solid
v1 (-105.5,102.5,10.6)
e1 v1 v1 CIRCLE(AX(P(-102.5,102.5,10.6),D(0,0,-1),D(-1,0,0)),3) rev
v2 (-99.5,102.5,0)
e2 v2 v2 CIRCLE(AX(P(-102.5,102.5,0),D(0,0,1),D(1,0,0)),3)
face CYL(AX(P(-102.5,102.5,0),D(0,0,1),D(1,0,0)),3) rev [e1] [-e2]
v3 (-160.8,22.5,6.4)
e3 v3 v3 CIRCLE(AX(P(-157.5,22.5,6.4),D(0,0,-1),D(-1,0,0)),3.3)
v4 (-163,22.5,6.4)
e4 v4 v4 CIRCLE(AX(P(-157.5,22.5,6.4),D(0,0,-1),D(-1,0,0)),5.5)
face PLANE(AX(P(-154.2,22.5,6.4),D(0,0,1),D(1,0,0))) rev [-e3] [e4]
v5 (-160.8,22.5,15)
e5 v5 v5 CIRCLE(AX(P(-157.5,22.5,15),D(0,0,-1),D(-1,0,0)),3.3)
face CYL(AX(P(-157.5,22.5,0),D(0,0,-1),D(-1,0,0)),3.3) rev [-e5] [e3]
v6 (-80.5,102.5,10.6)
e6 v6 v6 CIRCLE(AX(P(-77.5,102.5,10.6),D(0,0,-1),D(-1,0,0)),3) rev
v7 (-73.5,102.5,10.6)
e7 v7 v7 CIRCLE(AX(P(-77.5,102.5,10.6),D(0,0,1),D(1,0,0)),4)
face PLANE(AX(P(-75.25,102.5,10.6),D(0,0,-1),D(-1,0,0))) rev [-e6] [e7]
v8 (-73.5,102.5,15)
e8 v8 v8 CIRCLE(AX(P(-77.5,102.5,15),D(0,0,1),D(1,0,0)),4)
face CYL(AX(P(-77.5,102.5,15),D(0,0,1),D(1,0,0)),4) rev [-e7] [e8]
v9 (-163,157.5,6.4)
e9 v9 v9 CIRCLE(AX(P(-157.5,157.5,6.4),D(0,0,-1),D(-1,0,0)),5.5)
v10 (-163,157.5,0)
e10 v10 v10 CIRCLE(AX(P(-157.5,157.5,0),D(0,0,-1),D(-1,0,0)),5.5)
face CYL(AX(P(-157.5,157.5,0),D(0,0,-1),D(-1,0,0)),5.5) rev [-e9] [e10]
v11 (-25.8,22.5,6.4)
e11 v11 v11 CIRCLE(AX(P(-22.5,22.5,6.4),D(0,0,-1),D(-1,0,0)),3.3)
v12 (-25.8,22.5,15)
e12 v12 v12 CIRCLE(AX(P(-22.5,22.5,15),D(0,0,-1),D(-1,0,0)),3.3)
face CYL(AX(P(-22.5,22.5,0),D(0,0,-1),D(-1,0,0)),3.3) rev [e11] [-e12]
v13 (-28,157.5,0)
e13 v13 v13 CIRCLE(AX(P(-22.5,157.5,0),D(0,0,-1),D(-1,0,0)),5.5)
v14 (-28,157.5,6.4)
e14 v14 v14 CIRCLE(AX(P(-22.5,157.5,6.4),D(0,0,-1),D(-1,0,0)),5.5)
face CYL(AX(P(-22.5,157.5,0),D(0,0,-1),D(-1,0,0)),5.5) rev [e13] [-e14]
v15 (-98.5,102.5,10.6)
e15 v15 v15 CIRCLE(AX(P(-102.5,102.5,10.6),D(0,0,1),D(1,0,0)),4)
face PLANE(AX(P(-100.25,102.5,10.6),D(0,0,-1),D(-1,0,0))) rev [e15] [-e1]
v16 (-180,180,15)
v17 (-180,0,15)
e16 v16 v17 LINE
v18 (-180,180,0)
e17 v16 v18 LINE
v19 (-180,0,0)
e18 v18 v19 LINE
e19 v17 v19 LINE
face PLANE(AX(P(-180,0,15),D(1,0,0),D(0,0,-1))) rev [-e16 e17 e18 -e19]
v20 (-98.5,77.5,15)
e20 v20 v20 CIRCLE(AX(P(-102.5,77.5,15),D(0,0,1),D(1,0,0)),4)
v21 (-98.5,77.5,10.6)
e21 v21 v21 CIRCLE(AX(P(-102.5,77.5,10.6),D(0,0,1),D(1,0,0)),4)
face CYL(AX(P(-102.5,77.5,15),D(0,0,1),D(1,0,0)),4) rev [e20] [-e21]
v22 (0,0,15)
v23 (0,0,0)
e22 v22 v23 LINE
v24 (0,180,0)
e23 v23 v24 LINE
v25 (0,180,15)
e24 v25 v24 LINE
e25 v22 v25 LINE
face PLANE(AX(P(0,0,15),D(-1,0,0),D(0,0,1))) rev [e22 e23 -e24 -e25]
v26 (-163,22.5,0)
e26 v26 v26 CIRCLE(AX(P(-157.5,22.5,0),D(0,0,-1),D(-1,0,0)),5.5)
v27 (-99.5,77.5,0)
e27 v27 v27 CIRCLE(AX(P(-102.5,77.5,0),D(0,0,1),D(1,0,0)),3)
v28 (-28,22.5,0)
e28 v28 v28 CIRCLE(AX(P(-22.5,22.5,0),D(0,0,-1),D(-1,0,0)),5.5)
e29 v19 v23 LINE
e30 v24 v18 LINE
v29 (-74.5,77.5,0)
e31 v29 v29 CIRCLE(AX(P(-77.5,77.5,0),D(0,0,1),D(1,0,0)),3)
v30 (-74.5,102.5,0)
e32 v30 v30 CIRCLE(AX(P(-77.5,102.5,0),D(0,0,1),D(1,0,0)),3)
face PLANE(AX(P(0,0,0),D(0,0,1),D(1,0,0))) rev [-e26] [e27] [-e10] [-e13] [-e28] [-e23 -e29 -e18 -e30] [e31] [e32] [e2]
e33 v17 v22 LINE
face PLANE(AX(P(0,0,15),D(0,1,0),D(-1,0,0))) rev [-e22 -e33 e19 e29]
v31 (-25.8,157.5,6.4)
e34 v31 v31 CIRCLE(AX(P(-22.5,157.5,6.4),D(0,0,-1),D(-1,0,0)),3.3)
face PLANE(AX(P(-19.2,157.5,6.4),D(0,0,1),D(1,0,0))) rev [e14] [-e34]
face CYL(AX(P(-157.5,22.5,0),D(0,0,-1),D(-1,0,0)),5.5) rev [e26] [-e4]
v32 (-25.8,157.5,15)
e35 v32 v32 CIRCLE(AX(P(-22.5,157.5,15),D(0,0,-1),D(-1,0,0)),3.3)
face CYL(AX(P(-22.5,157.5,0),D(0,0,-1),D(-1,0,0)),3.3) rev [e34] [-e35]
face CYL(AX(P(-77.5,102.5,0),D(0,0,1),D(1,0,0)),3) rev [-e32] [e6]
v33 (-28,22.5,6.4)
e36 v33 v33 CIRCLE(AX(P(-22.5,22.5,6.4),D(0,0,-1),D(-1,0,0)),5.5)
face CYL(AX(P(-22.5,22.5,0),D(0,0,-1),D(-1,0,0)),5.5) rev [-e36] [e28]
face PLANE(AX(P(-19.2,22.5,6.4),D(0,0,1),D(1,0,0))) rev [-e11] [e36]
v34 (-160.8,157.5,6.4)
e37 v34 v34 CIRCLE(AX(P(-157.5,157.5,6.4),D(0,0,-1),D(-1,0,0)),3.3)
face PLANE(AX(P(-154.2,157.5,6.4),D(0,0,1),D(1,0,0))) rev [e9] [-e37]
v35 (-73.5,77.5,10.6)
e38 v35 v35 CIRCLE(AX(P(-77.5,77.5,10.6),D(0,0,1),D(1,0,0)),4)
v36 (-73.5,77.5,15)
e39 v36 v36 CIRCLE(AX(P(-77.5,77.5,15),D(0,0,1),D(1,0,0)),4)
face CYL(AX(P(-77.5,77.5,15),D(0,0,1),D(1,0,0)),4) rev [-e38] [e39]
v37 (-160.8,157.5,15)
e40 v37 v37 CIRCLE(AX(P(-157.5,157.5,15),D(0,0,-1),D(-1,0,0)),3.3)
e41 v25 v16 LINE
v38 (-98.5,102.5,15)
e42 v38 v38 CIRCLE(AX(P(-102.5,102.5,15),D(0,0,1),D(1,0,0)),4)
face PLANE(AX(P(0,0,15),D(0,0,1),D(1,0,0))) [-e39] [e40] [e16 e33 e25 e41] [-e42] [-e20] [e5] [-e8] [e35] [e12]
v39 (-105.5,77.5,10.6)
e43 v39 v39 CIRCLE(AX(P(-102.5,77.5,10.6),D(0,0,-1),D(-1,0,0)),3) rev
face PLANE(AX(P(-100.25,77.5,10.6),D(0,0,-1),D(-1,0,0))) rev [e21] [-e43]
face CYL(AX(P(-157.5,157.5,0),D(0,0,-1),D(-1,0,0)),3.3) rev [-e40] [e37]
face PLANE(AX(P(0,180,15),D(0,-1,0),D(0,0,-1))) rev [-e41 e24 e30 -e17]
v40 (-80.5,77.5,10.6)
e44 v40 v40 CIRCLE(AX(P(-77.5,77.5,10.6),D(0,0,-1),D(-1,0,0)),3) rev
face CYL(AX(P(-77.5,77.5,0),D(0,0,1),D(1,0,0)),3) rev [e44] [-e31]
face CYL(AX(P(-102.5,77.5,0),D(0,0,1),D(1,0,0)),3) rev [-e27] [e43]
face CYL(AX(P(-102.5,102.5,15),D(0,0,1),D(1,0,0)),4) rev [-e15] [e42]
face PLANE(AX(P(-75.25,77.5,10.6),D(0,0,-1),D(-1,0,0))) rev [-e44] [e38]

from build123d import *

# Parameters (mm, degrees)
ESQUISSE1_W                                        = 180
ESQUISSE1_H                                        = 180
ESQUISSE1_R                                        = 3
BOSS_EXTRU_1_DEPTH                                 = 15
ESQUISSE6_R                                        = 3
ENL_V_MAT_EXTRU_1_DEPTH                            = 16
CHAMBRAGE_POUR_VIS_T_TE_HEXAGONALE_M41_D           = 4.5
CHAMBRAGE_POUR_VIS_T_TE_HEXAGONALE_M41_CBORE_D     = 8
CHAMBRAGE_POUR_VIS_T_TE_HEXAGONALE_M41_CBORE_DEPTH = 4.4
CHAMBRAGE_POUR_VIS_T_TE_HEXAGONALE_M62_D           = 6.6
CHAMBRAGE_POUR_VIS_T_TE_HEXAGONALE_M62_CBORE_D     = 11
CHAMBRAGE_POUR_VIS_T_TE_HEXAGONALE_M62_CBORE_DEPTH = 6.4


with BuildPart() as part:
    # Esquisse1 → Boss.-Extru.1 (new body)
    with BuildSketch(Plane.XY):
        with Locations((-90, 90)):
            Rectangle(ESQUISSE1_W, ESQUISSE1_H)
        with Locations((-22.5, 22.5)):
            Circle(ESQUISSE1_R, mode=Mode.SUBTRACT)
        with Locations((-157.5, 22.5)):
            Circle(ESQUISSE1_R, mode=Mode.SUBTRACT)
        with Locations((-157.5, 157.5)):
            Circle(ESQUISSE1_R, mode=Mode.SUBTRACT)
        with Locations((-22.5, 157.5)):
            Circle(ESQUISSE1_R, mode=Mode.SUBTRACT)
    extrude(amount=BOSS_EXTRU_1_DEPTH)

    # Esquisse6 → Enlèv. mat.-Extru.1 (cut, through all)
    with BuildSketch(Plane.XY.offset(15)):
        with Locations((-102.5, 77.5)):
            Circle(ESQUISSE6_R)
        with Locations((-77.5, 77.5)):
            Circle(ESQUISSE6_R)
        with Locations((-77.5, 102.5)):
            Circle(ESQUISSE6_R)
        with Locations((-102.5, 102.5)):
            Circle(ESQUISSE6_R)
    extrude(amount=-ENL_V_MAT_EXTRU_1_DEPTH, mode=Mode.SUBTRACT)

    # Chambrage pour vis à tête hexagonale M41 (through all)
    with Locations(Plane.XY.offset(15)):
        with Locations((-102.5, 77.5), (-102.5, 102.5), (-77.5, 102.5), (-77.5, 77.5)):
            CounterBoreHole(CHAMBRAGE_POUR_VIS_T_TE_HEXAGONALE_M41_D / 2, CHAMBRAGE_POUR_VIS_T_TE_HEXAGONALE_M41_CBORE_D / 2, CHAMBRAGE_POUR_VIS_T_TE_HEXAGONALE_M41_CBORE_DEPTH)

    # Chambrage pour vis à tête hexagonale M62 (through all)
    with Locations(Plane(origin=(0, 0, 0), x_dir=(-1, 0, 0), z_dir=(0, 0, -1))):
        with Locations((157.5, 22.5), (22.5, 22.5), (22.5, 157.5), (157.5, 157.5)):
            CounterBoreHole(CHAMBRAGE_POUR_VIS_T_TE_HEXAGONALE_M62_D / 2, CHAMBRAGE_POUR_VIS_T_TE_HEXAGONALE_M62_CBORE_D / 2, CHAMBRAGE_POUR_VIS_T_TE_HEXAGONALE_M62_CBORE_DEPTH)


solid = part.part
